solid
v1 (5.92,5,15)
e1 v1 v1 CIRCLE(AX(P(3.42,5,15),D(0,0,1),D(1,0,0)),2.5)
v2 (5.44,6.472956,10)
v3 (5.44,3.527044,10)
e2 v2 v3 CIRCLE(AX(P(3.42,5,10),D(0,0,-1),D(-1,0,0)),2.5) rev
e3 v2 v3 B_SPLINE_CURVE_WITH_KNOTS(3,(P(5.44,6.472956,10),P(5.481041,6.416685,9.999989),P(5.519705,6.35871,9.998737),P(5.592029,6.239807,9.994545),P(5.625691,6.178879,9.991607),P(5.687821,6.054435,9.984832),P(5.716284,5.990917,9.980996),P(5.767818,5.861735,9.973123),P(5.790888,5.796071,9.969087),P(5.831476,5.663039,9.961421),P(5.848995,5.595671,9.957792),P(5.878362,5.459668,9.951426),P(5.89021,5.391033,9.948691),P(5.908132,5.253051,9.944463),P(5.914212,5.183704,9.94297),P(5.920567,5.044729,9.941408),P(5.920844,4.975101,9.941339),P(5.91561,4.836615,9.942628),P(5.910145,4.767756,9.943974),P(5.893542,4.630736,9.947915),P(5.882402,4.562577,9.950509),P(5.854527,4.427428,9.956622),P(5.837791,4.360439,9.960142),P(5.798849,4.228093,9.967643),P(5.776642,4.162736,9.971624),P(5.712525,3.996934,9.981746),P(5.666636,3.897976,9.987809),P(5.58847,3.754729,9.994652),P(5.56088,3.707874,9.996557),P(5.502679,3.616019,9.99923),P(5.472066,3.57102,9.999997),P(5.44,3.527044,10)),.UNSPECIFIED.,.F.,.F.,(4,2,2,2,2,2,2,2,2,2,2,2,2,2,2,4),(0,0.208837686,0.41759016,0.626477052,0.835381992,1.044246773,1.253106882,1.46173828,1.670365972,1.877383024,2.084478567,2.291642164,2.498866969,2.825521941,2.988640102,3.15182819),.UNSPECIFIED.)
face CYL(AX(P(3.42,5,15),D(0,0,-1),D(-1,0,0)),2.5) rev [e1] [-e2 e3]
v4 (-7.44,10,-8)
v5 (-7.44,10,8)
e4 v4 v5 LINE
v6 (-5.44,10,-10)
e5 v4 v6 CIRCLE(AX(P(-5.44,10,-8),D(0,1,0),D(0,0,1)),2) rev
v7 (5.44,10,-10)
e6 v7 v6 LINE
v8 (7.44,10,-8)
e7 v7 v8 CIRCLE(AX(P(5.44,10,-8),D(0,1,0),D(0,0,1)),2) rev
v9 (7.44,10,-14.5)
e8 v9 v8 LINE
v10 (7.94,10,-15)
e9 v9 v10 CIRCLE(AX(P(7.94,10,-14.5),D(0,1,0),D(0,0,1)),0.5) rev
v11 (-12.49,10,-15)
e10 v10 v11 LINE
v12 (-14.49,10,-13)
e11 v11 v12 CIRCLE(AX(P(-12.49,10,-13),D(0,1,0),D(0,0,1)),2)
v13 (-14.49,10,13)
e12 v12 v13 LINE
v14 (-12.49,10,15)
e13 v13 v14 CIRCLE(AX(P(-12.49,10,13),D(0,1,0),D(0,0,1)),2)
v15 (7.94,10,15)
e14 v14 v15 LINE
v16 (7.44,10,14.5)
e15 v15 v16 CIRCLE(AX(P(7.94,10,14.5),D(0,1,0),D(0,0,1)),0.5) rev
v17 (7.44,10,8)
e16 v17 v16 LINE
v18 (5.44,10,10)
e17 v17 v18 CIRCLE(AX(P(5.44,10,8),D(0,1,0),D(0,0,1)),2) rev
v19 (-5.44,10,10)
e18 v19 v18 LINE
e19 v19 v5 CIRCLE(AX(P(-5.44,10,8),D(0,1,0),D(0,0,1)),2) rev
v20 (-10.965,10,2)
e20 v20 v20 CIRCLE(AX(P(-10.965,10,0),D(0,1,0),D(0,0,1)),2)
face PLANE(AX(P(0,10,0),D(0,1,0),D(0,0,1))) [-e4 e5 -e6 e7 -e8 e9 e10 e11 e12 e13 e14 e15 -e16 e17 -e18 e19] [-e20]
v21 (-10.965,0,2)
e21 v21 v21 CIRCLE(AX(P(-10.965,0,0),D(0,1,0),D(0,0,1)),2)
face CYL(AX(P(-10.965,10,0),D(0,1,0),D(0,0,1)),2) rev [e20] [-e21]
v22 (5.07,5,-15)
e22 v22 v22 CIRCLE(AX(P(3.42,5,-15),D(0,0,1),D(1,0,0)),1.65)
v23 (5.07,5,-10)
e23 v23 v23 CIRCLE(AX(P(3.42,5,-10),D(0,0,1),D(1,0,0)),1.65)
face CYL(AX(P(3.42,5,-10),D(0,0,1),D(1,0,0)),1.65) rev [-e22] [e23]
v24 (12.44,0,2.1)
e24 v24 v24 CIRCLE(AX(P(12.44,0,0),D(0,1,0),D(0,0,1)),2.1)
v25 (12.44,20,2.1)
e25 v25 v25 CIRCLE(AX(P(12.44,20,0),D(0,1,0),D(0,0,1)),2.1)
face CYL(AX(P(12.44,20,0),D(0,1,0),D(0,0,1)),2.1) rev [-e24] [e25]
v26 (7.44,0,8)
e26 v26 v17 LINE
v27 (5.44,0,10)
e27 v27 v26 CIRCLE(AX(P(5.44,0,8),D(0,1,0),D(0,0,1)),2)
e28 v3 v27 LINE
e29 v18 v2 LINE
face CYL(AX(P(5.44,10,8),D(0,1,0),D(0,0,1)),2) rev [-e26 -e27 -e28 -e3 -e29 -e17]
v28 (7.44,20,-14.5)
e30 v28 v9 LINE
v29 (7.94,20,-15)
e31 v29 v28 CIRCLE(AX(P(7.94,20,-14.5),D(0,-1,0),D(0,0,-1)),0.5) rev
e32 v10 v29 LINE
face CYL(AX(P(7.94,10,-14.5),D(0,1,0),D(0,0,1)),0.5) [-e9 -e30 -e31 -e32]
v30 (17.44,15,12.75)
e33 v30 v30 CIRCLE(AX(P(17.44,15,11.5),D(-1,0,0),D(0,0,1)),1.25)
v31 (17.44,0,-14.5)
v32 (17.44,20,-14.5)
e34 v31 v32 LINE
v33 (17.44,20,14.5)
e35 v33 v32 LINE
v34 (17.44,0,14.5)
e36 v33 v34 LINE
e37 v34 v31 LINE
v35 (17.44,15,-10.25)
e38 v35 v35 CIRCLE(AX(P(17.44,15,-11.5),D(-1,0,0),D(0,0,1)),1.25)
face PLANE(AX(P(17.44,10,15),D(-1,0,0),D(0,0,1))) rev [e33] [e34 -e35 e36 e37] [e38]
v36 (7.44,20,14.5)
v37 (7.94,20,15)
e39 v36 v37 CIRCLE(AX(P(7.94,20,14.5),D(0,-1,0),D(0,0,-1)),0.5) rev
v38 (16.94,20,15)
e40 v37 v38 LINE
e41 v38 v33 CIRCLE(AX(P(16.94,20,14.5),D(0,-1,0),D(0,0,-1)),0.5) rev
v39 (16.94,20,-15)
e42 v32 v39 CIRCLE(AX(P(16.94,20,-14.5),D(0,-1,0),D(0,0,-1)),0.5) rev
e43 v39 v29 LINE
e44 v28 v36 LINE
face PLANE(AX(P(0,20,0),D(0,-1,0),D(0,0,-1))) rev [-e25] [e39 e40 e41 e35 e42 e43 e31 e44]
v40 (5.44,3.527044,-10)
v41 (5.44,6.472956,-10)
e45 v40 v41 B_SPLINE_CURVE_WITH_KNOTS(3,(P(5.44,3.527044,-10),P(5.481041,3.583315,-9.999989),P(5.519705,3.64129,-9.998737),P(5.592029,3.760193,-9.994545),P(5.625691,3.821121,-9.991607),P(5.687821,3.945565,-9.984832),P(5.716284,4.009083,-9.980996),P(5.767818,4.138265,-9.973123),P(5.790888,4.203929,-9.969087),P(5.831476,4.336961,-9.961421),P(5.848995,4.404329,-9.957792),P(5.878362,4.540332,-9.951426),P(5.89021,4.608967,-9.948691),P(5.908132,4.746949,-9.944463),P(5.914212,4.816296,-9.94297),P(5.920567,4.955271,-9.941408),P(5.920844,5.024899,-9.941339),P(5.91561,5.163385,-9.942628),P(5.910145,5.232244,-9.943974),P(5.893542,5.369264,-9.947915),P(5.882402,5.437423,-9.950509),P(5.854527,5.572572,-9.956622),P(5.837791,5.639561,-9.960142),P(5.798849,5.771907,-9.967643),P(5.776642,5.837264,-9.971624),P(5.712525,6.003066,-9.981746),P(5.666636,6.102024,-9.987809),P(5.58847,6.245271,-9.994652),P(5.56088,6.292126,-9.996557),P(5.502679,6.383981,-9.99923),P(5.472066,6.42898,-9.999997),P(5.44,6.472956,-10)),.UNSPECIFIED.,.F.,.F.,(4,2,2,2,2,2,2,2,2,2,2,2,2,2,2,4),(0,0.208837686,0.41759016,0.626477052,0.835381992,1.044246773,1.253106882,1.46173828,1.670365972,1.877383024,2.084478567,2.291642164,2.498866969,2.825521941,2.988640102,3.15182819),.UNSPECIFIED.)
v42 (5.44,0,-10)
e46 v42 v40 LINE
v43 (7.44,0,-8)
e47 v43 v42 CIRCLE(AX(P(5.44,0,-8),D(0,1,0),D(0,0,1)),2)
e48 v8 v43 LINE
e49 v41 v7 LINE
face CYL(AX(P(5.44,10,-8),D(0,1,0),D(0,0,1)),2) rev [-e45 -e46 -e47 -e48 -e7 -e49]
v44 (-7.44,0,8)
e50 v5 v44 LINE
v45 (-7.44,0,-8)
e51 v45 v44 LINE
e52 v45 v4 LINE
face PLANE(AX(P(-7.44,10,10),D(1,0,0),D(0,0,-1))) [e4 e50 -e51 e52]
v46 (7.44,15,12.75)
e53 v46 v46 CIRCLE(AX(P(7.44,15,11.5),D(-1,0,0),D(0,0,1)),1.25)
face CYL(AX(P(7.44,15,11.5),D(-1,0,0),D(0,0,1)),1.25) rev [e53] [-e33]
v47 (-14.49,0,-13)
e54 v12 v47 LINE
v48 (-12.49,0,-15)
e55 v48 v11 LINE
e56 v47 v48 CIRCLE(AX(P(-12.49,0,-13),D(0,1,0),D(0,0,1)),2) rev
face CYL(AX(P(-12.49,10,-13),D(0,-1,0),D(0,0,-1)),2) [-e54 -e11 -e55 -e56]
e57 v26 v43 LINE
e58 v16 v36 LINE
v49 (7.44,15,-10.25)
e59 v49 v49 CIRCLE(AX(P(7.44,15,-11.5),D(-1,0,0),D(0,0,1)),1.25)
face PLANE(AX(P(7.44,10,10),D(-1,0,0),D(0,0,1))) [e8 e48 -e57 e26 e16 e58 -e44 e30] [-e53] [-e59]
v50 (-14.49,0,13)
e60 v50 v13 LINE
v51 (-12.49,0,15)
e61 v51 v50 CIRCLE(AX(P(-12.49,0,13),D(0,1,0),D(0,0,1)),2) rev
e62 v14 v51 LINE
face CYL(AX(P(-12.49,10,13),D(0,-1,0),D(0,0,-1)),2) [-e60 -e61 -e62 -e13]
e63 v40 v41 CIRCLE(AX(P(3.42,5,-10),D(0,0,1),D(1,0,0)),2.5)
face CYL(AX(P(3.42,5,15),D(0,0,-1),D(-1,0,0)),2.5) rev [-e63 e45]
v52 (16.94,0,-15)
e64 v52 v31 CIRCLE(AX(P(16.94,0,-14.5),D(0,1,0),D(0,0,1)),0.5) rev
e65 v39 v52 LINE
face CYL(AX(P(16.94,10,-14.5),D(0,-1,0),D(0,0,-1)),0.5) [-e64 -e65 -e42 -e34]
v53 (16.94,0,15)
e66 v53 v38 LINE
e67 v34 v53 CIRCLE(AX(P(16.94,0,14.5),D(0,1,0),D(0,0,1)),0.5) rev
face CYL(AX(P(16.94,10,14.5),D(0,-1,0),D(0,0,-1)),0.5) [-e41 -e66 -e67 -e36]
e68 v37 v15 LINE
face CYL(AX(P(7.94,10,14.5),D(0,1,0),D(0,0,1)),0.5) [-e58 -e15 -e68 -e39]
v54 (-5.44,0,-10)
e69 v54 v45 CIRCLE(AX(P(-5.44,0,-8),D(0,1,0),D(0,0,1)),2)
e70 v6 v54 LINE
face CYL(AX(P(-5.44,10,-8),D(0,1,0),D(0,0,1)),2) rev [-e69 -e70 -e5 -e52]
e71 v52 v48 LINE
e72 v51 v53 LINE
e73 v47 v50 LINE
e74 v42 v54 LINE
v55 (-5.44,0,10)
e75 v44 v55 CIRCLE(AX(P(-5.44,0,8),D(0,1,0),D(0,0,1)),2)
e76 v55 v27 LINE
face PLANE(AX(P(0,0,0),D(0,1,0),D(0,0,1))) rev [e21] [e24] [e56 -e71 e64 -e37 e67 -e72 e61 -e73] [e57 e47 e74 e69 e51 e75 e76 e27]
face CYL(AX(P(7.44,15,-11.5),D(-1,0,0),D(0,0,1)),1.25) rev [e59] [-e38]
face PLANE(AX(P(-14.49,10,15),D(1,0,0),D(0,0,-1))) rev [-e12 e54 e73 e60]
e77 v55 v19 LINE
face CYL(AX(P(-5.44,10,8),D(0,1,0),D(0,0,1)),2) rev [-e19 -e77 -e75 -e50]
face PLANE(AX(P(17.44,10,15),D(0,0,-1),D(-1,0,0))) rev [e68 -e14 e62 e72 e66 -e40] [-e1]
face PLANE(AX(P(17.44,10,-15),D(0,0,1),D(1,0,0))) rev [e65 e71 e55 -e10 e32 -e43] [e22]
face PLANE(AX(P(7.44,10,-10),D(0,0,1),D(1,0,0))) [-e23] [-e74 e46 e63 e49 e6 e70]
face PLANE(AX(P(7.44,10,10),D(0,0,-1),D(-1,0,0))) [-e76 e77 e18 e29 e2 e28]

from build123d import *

# Parameters (mm, degrees)
SKETCH1_W                   = 31.93
SKETCH1_H                   = 30
SKETCH1_W_2                 = 14.88
SKETCH1_H_2                 = 20
BOSS_EXTRUDE1_DEPTH         = 10
SKETCH2_W                   = 10
SKETCH2_H                   = 30
BOSS_EXTRUDE2_DEPTH         = 10
TAP_DRILL_FOR_M5X0_8_TAP1_D = 4.2
FILLET2_R                   = 2
SKETCH5_R                   = 2.5
CUT_EXTRUDE2_DEPTH          = 37.457558887
TAP_DRILL_FOR_M4X0_7_TAP1_D = 3.3
FILLET3_R                   = 2
FILLET4_R                   = 0.5
TAP_DRILL_FOR_M3X0_5_TAP1_D = 2.5
F_4_0_4_DIAMETER_HOLE1_D    = 4


with BuildPart() as part:
    # Sketch1 → Boss-Extrude1 (new body)
    with BuildSketch(Plane(origin=(0, 0, 0), x_dir=(1, 0, 0), z_dir=(0, 1, 0))):
        with Locations((1.475, 0)):
            Rectangle(SKETCH1_W, SKETCH1_H)
        Rectangle(SKETCH1_W_2, SKETCH1_H_2, mode=Mode.SUBTRACT)
    extrude(amount=BOSS_EXTRUDE1_DEPTH)

    # Sketch2 → Boss-Extrude2 (add)
    with BuildSketch(Plane(origin=(0, 10, 0), x_dir=(1, 0, 0), z_dir=(0, 1, 0))):
        with Locations((12.44, 0)):
            Rectangle(SKETCH2_W, SKETCH2_H)
    extrude(amount=BOSS_EXTRUDE2_DEPTH)

    # Tap Drill for M5x0.8 Tap1 (through all)
    with Locations(Plane(origin=(0, 20, 0), x_dir=(1, 0, 0), z_dir=(0, 1, 0))):
        with Locations((12.44, 0)):
            Hole(TAP_DRILL_FOR_M5X0_8_TAP1_D / 2)

    # Fillet2
    fillet2_edges = [part.edges().sort_by_distance(p)[0] for p in [
        (-7.44, 5, -10),
        (-7.44, 5, 10),
        (7.44, 5, 10),
        (7.44, 5, -10),
    ]]
    fillet(fillet2_edges, radius=FILLET2_R)

    # Sketch5 → Cut-Extrude2 (cut, through all)
    with BuildSketch(Plane.XY.offset(-10)):
        with Locations(Location((3.42, 5, 0), (0, 0, 323.900983741))):
            Circle(SKETCH5_R)
    extrude(amount=CUT_EXTRUDE2_DEPTH, mode=Mode.SUBTRACT)

    # Tap Drill for M4x0.7 Tap1 (through all)
    with Locations(Plane.XY.offset(-10)):
        with Locations((3.42, 5)):
            Hole(TAP_DRILL_FOR_M4X0_7_TAP1_D / 2)

    # Fillet3
    fillet3_edges = [part.edges().sort_by_distance(p)[0] for p in [
        (-14.49, 5, -15),
        (-14.49, 5, 15),
    ]]
    fillet(fillet3_edges, radius=FILLET3_R)

    # Fillet4
    fillet4_edges = [part.edges().sort_by_distance(p)[0] for p in [
        (7.44, 15, -15),
        (7.44, 15, 15),
        (17.44, 10, -15),
        (17.44, 10, 15),
    ]]
    fillet(fillet4_edges, radius=FILLET4_R)

    # Tap Drill for M3x0.5 Tap1 (through all)
    with Locations(Plane.ZY.offset(-7.44)):
        with Locations((-11.5, 15), (11.5, 15)):
            Hole(TAP_DRILL_FOR_M3X0_5_TAP1_D / 2)

    # Ø4.0 (4) Diameter Hole1 (through all)
    with Locations(Plane(origin=(0, 10, 0), x_dir=(1, 0, 0), z_dir=(0, 1, 0))):
        with Locations((-10.965, 0)):
            Hole(F_4_0_4_DIAMETER_HOLE1_D / 2)


solid = part.part
